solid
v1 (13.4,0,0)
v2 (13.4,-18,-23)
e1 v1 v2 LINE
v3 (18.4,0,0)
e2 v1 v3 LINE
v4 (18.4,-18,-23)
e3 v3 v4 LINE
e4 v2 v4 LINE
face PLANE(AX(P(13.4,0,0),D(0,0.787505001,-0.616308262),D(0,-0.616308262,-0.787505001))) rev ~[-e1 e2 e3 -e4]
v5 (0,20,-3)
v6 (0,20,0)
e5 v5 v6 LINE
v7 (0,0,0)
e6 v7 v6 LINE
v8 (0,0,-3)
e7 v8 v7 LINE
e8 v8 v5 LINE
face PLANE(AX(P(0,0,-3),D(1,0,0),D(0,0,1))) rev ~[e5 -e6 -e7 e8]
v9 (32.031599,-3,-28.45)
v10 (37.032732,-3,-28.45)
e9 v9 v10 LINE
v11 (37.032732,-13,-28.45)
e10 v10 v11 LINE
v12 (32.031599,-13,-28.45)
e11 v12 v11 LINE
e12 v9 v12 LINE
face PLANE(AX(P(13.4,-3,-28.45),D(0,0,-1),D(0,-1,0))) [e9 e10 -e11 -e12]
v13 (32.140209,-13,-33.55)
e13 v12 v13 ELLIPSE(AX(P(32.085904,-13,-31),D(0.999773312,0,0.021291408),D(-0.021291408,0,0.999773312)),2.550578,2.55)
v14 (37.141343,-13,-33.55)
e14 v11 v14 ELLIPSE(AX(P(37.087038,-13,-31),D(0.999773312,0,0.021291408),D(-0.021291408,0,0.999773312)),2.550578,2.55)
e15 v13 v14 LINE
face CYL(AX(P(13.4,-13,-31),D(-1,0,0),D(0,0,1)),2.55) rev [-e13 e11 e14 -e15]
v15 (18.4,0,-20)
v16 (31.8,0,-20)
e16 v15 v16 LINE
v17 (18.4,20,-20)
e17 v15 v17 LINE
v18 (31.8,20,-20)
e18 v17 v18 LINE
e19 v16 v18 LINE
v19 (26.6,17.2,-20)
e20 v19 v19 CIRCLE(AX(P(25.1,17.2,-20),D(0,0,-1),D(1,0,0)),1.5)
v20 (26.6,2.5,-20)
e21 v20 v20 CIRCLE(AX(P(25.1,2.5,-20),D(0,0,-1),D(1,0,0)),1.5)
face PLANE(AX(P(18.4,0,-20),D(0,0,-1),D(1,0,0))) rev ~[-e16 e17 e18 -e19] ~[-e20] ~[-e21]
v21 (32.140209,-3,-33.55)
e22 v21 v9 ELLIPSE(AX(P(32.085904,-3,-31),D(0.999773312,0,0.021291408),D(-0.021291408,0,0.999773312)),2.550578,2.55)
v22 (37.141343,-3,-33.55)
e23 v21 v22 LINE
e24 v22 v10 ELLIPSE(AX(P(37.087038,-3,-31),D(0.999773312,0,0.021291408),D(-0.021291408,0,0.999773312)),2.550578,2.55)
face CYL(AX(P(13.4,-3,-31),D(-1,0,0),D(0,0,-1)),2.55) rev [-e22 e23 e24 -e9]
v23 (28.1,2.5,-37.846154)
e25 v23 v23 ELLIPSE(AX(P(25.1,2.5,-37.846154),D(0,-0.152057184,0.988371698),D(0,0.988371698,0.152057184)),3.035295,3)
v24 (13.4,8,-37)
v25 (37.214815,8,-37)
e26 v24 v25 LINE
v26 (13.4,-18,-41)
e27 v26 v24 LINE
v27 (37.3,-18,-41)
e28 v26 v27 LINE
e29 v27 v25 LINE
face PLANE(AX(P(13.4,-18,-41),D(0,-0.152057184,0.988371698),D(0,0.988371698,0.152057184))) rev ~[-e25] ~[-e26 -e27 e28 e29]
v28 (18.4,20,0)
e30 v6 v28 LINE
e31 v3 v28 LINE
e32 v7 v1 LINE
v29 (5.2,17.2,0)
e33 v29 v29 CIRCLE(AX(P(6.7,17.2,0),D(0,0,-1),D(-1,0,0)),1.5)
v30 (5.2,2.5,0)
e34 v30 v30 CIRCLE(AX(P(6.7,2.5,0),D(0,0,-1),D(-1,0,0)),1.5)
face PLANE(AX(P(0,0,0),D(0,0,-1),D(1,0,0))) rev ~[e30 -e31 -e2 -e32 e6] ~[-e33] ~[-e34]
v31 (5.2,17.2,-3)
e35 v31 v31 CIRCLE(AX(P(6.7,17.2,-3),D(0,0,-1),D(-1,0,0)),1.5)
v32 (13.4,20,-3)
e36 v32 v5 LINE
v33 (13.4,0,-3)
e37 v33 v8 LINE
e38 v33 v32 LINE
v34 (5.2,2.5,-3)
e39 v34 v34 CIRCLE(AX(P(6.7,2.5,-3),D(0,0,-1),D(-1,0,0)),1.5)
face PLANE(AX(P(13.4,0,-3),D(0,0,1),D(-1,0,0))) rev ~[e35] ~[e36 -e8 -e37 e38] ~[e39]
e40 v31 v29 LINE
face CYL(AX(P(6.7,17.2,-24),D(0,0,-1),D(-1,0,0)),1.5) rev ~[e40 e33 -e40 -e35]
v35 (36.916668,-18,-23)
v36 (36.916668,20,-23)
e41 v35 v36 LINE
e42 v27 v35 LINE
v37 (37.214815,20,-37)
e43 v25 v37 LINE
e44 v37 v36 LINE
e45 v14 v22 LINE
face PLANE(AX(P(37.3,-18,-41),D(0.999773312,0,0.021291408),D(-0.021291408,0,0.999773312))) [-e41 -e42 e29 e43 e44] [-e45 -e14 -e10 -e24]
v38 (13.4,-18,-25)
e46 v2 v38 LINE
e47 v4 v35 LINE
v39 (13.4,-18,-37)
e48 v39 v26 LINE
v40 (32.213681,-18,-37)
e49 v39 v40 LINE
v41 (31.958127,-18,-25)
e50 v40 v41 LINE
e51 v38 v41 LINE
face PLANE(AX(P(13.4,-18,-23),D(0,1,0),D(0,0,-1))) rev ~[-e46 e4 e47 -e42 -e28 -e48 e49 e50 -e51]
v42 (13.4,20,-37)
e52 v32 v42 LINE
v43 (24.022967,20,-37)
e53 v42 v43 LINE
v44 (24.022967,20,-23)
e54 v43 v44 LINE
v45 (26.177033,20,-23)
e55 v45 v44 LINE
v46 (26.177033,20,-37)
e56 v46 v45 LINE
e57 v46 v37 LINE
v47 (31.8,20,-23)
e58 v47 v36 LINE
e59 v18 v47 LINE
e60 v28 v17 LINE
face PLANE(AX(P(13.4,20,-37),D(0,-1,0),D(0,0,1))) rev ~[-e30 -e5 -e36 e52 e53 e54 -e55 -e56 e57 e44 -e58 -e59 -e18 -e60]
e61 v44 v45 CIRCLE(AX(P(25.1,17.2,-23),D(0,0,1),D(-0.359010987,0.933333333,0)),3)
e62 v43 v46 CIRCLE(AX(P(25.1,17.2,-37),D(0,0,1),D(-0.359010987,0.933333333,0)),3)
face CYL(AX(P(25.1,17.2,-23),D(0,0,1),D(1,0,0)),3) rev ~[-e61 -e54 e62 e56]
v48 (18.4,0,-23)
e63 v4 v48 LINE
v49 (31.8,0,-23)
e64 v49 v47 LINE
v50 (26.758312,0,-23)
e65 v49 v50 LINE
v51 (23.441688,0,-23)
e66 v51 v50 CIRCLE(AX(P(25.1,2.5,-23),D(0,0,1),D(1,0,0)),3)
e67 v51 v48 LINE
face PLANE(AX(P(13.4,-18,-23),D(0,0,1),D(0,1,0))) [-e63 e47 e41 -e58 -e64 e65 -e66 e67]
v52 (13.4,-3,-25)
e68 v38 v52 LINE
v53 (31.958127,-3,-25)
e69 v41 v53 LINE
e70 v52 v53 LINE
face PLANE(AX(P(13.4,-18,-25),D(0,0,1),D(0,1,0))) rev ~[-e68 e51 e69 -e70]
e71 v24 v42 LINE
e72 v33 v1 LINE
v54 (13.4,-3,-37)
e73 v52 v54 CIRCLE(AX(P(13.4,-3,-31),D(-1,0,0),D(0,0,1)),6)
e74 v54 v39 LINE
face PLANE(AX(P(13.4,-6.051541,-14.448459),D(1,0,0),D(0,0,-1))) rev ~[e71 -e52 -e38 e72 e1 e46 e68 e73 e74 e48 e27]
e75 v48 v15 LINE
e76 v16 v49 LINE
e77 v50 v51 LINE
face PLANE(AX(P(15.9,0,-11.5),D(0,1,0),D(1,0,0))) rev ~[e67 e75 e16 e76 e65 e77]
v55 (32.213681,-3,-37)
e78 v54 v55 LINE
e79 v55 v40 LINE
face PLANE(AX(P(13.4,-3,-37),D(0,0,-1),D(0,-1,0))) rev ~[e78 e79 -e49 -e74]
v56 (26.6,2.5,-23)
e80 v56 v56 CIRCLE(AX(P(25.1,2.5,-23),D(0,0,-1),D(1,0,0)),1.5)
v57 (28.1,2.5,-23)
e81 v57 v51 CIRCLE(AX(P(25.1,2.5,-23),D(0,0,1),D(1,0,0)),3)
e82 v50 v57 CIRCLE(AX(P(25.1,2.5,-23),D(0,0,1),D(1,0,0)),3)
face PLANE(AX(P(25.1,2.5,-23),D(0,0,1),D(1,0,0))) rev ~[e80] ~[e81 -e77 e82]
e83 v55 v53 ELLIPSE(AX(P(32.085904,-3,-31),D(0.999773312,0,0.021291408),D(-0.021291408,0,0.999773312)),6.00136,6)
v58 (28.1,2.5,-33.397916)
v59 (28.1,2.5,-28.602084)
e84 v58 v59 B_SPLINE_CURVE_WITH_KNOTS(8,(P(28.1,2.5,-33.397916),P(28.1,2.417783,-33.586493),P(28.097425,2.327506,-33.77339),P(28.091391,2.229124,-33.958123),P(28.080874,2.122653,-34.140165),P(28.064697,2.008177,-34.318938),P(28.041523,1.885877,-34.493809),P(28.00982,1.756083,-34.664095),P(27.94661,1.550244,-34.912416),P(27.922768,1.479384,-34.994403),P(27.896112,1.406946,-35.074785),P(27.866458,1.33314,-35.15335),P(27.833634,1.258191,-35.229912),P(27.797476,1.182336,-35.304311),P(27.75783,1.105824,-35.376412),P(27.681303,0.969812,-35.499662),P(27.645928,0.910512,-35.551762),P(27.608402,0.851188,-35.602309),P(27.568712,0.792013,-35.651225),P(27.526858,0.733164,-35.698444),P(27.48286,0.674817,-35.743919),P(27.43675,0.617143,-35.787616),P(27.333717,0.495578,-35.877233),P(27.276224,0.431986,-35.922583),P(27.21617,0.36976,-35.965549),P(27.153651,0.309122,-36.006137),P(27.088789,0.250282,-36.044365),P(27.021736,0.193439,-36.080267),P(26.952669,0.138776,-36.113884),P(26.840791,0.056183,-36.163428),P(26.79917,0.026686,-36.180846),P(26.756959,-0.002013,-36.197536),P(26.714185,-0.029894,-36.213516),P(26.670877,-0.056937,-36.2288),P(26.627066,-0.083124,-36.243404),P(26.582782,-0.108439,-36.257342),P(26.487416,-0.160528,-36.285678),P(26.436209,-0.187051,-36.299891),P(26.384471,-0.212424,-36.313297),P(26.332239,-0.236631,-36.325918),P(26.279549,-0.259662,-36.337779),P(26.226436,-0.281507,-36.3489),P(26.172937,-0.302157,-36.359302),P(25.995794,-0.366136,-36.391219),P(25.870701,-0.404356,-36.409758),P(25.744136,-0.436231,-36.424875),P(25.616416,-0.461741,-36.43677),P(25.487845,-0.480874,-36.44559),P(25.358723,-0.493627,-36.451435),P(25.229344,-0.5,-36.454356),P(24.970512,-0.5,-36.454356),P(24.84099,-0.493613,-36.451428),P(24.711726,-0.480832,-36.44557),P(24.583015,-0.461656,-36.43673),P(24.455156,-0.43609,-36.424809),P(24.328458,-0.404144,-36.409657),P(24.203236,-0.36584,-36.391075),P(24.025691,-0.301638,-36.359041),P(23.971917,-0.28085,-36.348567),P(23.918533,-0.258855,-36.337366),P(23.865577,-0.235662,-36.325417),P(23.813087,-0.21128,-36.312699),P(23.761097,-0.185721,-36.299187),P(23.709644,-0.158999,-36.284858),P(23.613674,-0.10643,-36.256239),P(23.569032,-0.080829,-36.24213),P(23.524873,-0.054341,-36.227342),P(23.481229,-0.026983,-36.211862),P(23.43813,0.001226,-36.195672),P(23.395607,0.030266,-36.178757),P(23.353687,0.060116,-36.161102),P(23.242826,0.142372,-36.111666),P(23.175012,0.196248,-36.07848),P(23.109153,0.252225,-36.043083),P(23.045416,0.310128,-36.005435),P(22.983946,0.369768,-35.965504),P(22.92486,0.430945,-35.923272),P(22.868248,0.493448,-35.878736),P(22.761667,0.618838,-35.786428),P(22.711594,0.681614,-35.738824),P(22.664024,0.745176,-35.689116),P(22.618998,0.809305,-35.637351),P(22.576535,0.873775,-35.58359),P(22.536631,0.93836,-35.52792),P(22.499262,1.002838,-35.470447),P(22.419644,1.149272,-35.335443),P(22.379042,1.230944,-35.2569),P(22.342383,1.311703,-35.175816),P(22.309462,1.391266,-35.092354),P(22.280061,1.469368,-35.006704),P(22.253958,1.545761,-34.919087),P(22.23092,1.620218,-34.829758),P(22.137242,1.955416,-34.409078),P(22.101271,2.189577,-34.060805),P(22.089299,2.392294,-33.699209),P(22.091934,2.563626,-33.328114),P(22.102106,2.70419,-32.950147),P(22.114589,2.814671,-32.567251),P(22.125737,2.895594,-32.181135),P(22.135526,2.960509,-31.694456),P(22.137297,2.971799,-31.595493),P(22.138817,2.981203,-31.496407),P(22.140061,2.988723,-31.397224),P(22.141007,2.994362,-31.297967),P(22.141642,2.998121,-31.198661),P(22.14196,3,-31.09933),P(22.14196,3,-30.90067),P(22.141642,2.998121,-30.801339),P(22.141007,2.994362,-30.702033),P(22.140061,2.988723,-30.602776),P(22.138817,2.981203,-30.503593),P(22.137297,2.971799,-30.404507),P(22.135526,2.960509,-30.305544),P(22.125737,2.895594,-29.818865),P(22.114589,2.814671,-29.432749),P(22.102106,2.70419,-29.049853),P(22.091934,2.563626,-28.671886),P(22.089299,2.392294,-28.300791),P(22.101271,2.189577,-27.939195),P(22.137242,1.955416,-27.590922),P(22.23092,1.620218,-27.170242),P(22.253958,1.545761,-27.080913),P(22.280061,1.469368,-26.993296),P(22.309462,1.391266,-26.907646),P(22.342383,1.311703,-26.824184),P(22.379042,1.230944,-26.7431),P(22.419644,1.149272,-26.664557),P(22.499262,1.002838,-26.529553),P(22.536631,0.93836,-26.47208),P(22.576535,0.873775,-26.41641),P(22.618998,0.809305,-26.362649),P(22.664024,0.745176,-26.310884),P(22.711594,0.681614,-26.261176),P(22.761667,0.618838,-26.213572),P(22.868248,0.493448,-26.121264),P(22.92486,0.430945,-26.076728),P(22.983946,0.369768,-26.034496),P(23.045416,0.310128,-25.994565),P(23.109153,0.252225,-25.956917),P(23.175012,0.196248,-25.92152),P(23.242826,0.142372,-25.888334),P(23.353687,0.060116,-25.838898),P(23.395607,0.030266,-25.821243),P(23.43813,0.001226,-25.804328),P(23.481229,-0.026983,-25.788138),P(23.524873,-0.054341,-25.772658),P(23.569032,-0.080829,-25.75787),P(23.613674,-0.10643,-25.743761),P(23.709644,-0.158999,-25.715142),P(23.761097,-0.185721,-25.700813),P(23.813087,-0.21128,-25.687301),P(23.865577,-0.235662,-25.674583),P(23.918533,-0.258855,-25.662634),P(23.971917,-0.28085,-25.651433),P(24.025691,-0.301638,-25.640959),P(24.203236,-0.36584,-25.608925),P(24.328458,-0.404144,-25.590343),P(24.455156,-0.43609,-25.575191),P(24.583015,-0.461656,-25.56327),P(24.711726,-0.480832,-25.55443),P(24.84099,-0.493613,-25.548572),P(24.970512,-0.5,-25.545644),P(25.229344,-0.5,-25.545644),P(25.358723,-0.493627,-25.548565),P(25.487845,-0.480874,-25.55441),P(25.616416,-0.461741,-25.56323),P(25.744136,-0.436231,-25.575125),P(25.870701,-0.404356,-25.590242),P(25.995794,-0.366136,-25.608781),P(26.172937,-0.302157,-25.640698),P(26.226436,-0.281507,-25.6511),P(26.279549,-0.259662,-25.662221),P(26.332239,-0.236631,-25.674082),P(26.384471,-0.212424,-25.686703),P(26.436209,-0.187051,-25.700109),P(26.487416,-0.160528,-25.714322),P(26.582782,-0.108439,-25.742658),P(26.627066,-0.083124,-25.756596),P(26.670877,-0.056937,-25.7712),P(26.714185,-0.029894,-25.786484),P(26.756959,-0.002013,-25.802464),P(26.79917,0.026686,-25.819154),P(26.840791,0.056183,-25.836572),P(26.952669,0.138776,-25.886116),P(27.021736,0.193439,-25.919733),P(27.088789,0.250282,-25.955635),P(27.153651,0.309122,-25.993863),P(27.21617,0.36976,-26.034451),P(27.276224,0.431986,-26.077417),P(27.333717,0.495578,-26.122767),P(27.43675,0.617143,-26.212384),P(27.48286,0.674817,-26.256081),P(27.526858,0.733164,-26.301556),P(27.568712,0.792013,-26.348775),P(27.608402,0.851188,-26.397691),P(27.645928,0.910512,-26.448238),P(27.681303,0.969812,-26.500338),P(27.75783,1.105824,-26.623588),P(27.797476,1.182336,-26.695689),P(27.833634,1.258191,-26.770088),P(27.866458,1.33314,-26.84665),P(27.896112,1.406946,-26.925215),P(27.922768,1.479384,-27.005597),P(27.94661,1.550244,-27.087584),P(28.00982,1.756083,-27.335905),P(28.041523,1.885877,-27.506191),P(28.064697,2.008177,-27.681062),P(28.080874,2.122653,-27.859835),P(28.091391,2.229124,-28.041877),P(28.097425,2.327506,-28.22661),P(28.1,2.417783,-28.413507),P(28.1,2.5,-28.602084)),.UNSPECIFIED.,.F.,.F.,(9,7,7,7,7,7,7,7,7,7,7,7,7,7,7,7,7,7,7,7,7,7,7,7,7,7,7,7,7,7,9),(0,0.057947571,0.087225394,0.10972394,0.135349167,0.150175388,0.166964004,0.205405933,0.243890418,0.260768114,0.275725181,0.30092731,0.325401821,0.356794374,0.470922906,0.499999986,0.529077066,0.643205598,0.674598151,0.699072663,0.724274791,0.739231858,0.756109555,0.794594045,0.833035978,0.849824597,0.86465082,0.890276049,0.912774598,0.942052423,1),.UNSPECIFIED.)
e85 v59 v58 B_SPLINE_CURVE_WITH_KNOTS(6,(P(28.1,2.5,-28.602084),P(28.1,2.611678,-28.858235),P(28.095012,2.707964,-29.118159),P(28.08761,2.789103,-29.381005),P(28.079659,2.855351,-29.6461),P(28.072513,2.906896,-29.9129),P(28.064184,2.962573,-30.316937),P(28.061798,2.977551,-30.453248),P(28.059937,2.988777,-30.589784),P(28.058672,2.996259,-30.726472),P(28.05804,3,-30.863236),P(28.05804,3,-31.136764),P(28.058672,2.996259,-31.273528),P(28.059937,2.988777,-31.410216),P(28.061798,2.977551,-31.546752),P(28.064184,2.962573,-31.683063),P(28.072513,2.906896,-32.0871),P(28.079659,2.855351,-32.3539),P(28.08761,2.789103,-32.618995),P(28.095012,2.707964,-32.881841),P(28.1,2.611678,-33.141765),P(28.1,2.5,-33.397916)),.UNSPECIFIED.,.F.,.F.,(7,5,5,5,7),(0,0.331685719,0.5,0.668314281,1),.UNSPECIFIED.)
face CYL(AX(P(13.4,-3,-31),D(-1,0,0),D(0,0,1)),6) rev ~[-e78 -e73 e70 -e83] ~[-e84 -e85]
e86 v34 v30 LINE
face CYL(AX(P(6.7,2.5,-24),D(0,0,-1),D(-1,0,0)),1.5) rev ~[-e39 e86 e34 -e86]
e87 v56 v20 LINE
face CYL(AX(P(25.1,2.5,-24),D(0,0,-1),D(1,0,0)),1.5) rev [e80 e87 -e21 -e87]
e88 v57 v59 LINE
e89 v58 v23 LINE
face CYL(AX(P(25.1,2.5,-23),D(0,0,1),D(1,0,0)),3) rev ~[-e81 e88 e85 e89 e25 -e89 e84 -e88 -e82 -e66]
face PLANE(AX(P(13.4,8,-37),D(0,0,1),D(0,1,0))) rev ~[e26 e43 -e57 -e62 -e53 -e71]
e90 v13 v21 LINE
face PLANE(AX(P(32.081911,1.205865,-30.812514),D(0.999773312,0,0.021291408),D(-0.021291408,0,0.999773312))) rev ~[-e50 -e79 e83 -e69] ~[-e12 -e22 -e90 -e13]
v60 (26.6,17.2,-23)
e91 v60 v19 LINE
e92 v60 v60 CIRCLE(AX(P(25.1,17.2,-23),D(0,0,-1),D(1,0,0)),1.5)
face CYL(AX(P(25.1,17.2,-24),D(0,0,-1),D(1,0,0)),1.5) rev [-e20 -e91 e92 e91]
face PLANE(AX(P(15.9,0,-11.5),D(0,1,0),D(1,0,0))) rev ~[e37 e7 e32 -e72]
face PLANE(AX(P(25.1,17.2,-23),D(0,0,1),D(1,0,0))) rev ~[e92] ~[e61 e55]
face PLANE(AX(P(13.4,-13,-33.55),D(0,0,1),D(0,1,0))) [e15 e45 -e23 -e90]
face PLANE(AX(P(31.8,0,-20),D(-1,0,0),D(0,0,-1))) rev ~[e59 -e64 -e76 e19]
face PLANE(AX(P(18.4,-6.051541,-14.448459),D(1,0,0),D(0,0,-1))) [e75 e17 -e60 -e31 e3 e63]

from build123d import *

# Parameters (mm, degrees)
BOSS_EXTRUDE1_DEPTH              = 20
CUT_EXTRUDE1_START               = -4
SKETCH2_R                        = 1.5
CUT_EXTRUDE1_DEPTH               = 25
BOSS_EXTRUDE2_DEPTH              = 23.9
SKETCH4_R                        = 3
CUT_EXTRUDE2_DEPTH               = 19
BOSS_EXTRUDE3_DEPTH              = 5
CUT_EXTRUDE3_DEPTH               = 39
CUT_EXTRUDE4_REACH               = 30.9
CUT_EXTRUDE4_OFFSET_FROM_SURFACE = 5


with BuildPart() as part:
    # Sketch1 → Boss-Extrude1 (new body)
    with BuildSketch(Plane(origin=(0, 0, 0), x_dir=(1, 0, 0), z_dir=(0, 1, 0))):
        Polygon((0, 0), (18.4, 0), (18.4, 20), (31.8, 20), (31.8, 23), (13.4, 23), (13.4, 3), (0, 3), align=None)
    extrude(amount=BOSS_EXTRUDE1_DEPTH)

    # Sketch2 → Cut-Extrude1 (cut)
    with BuildSketch(Plane.XY.offset(-20).offset(CUT_EXTRUDE1_START)):
        with Locations((25.1, 2.5)):
            Circle(SKETCH2_R)
        with Locations((25.1, 17.2)):
            Circle(SKETCH2_R)
    cut_extrude1 = extrude(amount=CUT_EXTRUDE1_DEPTH, mode=Mode.SUBTRACT)

    # Mirror1: Cut-Extrude1 across plane
    add(cut_extrude1.mirror(Plane.ZY.offset(-15.9)), mode=Mode.SUBTRACT)

    # Sketch3 → Boss-Extrude2 (add)
    with BuildSketch(Plane.ZY.offset(-13.4)):
        Polygon((-23, 0), (-23, -18), (-41, -18), (-37, 8), (-37, 20), (-23, 20), align=None)
        with BuildLine():
            Line((-33.55, -13), (-33.55, -3))
            ThreePointArc((-33.55, -3), (-31, -0.45), (-28.45, -3))
            Line((-28.45, -3), (-28.45, -13))
            ThreePointArc((-28.45, -13), (-31, -15.55), (-33.55, -13))
        make_face(mode=Mode.SUBTRACT)
    extrude(amount=-BOSS_EXTRUDE2_DEPTH)

    # Sketch4 → Cut-Extrude2 (cut, through all)
    with BuildSketch(Plane.XY.offset(-23)):
        with Locations((25.1, 2.5)):
            Circle(SKETCH4_R)
        with Locations((25.1, 17.2)):
            Circle(SKETCH4_R)
    extrude(amount=-CUT_EXTRUDE2_DEPTH, mode=Mode.SUBTRACT)

    # Sketch5 → Boss-Extrude3 (add)
    with BuildSketch(Plane.ZY.offset(-13.4)):
        Polygon((0, 0), (-23, -18), (-23, 0), align=None)
    extrude(amount=-BOSS_EXTRUDE3_DEPTH)

    # Sketch8 → Cut-Extrude3 (cut, through all)
    with BuildSketch(Plane.XZ.offset(18)):
        Polygon((37.3, -41), (36.916667761, -23), (37.3, -23), align=None)
    extrude(amount=-CUT_EXTRUDE3_DEPTH, mode=Mode.SUBTRACT)

    # Cut-Extrude4: up to this face of the body (flat: up to its plane, moved by the offset)
    cut_extrude4_end = Plane(part.part.faces().sort_by_distance((37.080777775, 1.205864864, -30.706057437))[0]).offset(-CUT_EXTRUDE4_OFFSET_FROM_SURFACE)
    # Sketch9 → Cut-Extrude4 (cut, up to the picked face)
    with BuildSketch(Plane.ZY.offset(-13.4), mode=Mode.PRIVATE) as cut_extrude4_sk1:
        with BuildLine():
            Line((-37, -3), (-37, -18))
            Line((-37, -18), (-25, -18))
            Line((-25, -18), (-25, -3))
            ThreePointArc((-25, -3), (-31, 3), (-37, -3))
        make_face()
    cut_extrude4_tool1 = split(extrude(cut_extrude4_sk1.sketch, amount=-CUT_EXTRUDE4_REACH, mode=Mode.PRIVATE), bisect_by=cut_extrude4_end, keep=Keep.BOTH, mode=Mode.PRIVATE)
    add(cut_extrude4_tool1.solids().sort_by_distance((13.4, -8.098317, -31))[0], mode=Mode.SUBTRACT)


solid = part.part
